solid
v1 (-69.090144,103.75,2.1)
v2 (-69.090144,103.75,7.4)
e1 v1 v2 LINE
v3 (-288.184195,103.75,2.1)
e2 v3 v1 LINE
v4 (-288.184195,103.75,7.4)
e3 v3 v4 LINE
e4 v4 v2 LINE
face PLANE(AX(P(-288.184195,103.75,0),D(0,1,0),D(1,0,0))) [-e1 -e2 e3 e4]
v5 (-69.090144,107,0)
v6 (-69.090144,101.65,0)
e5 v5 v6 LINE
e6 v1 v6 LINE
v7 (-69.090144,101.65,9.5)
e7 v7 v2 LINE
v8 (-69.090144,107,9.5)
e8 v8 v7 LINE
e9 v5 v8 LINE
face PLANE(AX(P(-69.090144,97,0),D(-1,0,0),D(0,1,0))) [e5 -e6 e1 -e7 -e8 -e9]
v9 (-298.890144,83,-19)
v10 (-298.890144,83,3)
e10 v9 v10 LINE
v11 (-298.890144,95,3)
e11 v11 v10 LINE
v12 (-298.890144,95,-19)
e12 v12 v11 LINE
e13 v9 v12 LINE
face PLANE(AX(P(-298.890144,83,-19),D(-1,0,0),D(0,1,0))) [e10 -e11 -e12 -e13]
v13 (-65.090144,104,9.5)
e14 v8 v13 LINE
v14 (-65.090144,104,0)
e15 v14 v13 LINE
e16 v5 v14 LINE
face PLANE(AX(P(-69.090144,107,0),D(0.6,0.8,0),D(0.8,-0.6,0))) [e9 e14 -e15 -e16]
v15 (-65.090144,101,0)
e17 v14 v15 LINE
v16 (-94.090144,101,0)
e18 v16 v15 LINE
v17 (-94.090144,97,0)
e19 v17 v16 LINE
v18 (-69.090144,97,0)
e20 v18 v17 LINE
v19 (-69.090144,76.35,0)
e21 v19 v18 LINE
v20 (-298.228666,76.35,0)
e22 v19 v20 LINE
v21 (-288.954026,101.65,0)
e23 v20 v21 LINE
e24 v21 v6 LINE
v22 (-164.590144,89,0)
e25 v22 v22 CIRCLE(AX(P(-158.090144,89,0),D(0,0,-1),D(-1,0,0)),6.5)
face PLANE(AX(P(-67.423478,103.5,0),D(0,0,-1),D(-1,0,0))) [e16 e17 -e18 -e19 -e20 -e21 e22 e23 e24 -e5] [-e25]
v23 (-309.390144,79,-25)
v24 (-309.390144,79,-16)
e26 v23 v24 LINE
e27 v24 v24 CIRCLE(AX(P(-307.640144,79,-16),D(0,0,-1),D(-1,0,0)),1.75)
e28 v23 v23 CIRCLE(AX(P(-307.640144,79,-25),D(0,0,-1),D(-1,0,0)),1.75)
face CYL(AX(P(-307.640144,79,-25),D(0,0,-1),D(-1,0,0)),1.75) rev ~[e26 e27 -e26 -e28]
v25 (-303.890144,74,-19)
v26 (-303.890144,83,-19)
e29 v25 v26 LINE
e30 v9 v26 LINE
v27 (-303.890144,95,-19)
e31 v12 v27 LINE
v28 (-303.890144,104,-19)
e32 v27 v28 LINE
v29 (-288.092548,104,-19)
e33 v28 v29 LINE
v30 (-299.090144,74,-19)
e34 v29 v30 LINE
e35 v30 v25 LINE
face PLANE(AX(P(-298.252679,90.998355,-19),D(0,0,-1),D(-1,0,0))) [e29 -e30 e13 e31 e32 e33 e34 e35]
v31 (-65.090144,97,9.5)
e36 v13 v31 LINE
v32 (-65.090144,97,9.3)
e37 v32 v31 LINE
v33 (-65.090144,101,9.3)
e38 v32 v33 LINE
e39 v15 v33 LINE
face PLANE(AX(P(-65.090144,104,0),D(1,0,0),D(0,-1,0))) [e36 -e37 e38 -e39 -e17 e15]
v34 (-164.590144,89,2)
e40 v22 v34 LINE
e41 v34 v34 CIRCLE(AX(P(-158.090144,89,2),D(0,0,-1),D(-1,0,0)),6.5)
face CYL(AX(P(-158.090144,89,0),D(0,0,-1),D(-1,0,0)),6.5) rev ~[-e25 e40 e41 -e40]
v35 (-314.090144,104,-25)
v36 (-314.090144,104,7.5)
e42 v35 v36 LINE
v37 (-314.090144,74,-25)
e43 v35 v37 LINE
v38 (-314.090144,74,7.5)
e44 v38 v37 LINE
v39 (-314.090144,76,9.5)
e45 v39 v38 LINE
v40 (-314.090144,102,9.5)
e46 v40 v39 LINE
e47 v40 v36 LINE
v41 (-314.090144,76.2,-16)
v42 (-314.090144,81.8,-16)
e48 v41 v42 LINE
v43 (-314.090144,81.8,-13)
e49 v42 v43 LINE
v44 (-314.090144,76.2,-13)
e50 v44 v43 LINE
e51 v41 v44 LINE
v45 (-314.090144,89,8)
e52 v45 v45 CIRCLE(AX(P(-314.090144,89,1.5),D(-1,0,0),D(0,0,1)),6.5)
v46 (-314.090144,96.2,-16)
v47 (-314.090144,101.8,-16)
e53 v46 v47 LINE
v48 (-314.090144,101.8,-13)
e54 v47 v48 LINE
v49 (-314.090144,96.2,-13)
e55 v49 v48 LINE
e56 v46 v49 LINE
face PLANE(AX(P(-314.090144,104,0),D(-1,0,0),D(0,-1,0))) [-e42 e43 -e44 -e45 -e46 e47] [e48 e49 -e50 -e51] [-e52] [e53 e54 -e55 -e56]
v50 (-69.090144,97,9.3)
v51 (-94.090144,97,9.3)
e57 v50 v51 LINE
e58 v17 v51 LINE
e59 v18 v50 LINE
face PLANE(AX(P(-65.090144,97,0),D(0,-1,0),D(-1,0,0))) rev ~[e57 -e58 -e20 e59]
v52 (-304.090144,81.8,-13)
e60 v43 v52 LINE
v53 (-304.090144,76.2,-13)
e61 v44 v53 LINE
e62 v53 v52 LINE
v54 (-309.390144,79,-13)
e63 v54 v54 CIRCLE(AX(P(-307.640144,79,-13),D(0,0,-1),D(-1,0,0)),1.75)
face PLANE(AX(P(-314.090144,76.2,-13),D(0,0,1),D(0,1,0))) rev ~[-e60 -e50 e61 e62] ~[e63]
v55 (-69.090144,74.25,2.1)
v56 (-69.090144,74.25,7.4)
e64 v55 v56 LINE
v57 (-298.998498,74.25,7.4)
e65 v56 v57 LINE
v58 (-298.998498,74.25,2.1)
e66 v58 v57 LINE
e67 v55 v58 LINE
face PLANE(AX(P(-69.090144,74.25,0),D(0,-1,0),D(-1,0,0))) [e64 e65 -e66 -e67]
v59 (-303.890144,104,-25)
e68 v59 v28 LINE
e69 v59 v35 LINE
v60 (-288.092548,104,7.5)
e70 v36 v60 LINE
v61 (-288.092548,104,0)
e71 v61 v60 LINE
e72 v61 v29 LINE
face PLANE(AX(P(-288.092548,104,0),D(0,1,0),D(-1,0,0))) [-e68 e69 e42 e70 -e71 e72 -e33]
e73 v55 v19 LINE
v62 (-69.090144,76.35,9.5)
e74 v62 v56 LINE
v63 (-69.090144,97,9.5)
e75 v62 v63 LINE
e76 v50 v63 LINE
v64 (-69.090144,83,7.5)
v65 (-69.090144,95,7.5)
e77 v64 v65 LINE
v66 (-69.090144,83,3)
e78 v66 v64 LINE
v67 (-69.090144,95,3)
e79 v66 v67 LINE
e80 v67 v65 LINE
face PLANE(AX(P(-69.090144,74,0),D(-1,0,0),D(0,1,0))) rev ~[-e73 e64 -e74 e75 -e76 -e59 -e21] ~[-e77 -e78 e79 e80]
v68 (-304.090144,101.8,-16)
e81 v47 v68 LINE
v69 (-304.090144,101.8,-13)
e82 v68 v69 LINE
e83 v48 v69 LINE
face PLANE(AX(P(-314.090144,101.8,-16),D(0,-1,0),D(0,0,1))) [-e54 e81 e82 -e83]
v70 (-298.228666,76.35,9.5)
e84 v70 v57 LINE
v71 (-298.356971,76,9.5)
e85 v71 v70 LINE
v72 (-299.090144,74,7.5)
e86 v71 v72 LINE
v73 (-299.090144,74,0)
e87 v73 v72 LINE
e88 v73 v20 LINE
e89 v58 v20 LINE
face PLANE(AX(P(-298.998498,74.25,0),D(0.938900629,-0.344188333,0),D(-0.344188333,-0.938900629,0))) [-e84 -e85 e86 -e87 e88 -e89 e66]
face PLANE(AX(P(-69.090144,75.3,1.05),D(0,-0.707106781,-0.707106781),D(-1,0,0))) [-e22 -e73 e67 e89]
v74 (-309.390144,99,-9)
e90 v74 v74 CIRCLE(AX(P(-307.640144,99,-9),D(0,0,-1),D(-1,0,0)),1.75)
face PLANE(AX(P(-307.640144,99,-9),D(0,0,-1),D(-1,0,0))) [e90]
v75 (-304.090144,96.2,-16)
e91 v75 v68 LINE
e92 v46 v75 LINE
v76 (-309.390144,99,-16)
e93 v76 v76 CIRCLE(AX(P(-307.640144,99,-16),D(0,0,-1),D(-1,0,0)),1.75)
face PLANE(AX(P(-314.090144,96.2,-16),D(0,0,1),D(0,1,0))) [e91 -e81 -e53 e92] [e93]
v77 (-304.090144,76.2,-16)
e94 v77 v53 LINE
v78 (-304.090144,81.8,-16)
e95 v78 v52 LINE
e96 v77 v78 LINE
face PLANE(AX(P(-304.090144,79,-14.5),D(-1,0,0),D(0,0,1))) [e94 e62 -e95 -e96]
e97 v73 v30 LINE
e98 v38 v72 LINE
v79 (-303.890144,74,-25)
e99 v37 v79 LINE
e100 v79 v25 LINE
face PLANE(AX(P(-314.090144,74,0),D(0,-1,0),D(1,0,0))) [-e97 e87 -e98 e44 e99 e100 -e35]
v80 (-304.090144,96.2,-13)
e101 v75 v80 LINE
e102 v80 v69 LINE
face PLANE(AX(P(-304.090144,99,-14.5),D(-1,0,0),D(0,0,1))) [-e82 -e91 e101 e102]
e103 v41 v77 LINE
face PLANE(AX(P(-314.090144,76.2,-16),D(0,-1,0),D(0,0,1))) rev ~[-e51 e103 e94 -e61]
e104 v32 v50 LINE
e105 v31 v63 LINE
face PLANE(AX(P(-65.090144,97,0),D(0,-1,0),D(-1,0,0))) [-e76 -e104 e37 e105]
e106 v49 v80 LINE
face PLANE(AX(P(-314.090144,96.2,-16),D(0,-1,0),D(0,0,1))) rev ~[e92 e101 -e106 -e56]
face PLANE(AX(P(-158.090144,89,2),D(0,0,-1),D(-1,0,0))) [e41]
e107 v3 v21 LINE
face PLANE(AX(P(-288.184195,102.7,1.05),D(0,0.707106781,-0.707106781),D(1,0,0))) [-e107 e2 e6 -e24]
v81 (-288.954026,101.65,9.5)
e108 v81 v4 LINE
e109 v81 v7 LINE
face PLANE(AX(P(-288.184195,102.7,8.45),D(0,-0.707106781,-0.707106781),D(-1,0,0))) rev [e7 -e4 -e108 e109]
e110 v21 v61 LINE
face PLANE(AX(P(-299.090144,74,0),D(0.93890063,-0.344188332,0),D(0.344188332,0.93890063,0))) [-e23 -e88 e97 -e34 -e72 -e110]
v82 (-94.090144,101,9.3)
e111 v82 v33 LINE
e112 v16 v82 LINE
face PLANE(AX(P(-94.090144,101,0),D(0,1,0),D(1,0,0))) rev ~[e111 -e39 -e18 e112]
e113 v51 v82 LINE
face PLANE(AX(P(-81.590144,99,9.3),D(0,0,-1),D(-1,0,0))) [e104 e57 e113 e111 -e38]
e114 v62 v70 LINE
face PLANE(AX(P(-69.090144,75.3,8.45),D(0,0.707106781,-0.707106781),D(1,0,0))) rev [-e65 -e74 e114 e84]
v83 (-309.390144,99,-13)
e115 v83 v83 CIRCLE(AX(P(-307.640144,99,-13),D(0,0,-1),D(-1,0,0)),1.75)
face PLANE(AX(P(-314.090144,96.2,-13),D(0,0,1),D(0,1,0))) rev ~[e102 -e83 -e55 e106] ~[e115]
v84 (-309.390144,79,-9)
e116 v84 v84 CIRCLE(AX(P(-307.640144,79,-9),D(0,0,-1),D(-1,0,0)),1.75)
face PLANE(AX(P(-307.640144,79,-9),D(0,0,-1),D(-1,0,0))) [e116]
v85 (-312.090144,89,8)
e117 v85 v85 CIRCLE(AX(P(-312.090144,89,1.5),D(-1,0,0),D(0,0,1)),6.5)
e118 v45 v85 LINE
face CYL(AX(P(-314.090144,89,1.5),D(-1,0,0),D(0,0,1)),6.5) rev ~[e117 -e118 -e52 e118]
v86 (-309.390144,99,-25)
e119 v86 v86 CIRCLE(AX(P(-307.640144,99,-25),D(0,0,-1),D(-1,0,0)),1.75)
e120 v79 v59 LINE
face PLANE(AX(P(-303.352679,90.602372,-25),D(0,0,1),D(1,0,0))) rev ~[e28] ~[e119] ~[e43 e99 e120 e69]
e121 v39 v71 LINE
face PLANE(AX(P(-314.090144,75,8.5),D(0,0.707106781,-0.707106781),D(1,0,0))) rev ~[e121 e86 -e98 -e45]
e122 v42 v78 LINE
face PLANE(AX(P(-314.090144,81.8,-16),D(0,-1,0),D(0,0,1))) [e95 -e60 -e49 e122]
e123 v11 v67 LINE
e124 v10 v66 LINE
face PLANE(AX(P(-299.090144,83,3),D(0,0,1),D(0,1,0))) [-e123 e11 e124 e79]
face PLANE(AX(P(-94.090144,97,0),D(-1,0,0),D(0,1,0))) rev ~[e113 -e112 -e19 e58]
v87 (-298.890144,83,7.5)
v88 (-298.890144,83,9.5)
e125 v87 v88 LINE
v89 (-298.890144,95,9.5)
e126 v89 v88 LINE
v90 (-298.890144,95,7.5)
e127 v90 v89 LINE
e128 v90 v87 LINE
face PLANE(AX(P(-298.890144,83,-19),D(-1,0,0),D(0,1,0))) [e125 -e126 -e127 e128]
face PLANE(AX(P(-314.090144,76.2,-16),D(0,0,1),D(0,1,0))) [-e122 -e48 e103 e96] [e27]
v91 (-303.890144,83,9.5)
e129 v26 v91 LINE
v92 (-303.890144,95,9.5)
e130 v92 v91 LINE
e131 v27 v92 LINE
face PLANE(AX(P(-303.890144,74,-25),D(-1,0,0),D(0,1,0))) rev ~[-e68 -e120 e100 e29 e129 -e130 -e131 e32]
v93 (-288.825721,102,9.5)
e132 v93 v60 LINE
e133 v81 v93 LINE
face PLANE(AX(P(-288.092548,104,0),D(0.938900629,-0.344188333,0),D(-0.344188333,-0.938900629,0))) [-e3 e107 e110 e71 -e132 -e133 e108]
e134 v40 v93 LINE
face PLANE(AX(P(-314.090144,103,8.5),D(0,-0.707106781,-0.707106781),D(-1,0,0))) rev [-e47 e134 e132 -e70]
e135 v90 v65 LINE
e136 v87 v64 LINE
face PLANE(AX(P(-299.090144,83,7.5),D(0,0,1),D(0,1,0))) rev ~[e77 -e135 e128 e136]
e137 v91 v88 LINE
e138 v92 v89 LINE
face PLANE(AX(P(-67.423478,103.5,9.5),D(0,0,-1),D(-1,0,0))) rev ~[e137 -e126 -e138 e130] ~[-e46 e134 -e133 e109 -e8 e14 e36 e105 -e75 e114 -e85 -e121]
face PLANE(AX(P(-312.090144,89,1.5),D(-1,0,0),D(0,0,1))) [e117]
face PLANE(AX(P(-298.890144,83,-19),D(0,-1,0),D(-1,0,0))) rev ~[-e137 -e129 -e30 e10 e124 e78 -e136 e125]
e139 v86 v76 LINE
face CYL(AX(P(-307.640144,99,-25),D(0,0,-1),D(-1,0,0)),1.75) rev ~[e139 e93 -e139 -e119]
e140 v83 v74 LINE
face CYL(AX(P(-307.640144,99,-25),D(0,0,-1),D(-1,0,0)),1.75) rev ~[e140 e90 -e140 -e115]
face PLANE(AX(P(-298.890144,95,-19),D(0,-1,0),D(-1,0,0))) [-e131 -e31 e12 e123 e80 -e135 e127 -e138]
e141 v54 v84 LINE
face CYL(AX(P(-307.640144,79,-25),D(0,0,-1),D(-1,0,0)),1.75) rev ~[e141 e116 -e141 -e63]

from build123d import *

# Parameters (mm, degrees)
SKETCH6_W                = 230
SKETCH6_H                = 30
BOSS_EXTRUDE1_DEPTH      = 9.5
BOSS_EXTRUDE2_DEPTH      = 9.5
BOSS_EXTRUDE2_DEPTH_BACK = 25
SKETCH12_R               = 6.5
CUT_EXTRUDE2_DEPTH       = 2
SKETCH15_R               = 6.5
CUT_EXTRUDE3_DEPTH       = 2
CUT_EXTRUDE4_DEPTH       = 6
SKETCH9_W                = 4.5
SKETCH9_H                = 12
CUT_EXTRUDE5_DEPTH       = 231
SKETCH17_W               = 5
SKETCH17_H               = 12
CUT_EXTRUDE6_DEPTH       = 29.5
SKETCH13_R               = 1.75
CUT_EXTRUDE8_DEPTH       = 16
SKETCH19_W               = 3
SKETCH19_H               = 5.6
CUT_EXTRUDE9_DEPTH       = 10
SKETCH20_W               = 4
SKETCH20_H               = 4
BOSS_EXTRUDE3_DEPTH      = 9.5
SKETCH20_3_W             = 25
SKETCH20_3_H             = 4
SKETCH20_3_W_2           = 4
CUT_EXTRUDE10_DEPTH      = 9.3
CUT_EXTRUDE11_DEPTH      = 10.5
CHAMFER2_SIZE            = 2.1
CHAMFER3_SIZE            = 2


with BuildPart() as part:
    # Sketch6 → Boss-Extrude1 (new body)
    with BuildSketch(Plane.XY):
        with Locations((-184.090144231, 89)):
            Rectangle(SKETCH6_W, SKETCH6_H)
    extrude(amount=BOSS_EXTRUDE1_DEPTH)

    # Sketch11 → Boss-Extrude2 (add, two sides)
    with BuildSketch(Plane.XY) as boss_extrude2_sk:
        Polygon((-299.090144231, 74), (-288.092548077, 104), (-314.090144231, 104), (-314.090144231, 74), align=None)
    extrude(amount=BOSS_EXTRUDE2_DEPTH)
    extrude(boss_extrude2_sk.sketch, amount=-BOSS_EXTRUDE2_DEPTH_BACK)

    # Sketch12 → Cut-Extrude2 (cut)
    with BuildSketch(Plane.ZY.offset(314.090144231)):
        with Locations((1.5, 89)):
            Circle(SKETCH12_R)
    extrude(amount=-CUT_EXTRUDE2_DEPTH, mode=Mode.SUBTRACT)

    # Sketch15 → Cut-Extrude3 (cut)
    with BuildSketch(Plane(origin=(0, 0, 0), x_dir=(-1, 0, 0), z_dir=(0, 0, -1))):
        with Locations((158.090144231, 89)):
            Circle(SKETCH15_R)
    extrude(amount=-CUT_EXTRUDE3_DEPTH, mode=Mode.SUBTRACT)

    # Sketch16 → Cut-Extrude4 (cut)
    with BuildSketch(Plane(origin=(0, 0, -25), x_dir=(-1, 0, 0), z_dir=(0, 0, -1))):
        Polygon((303.890144231, 74), (303.890144231, 104), (288.092548077, 104), (299.090144231, 74), align=None)
    extrude(amount=-CUT_EXTRUDE4_DEPTH, mode=Mode.SUBTRACT)

    # Sketch9 → Cut-Extrude5 (cut, through all)
    with BuildSketch(Plane.ZY.offset(299.090144231)):
        with Locations((5.25, 89)):
            Rectangle(SKETCH9_W, SKETCH9_H)
    extrude(amount=-CUT_EXTRUDE5_DEPTH, mode=Mode.SUBTRACT)

    # Sketch17 → Cut-Extrude6 (cut, through all)
    with BuildSketch(Plane(origin=(0, 0, -19), x_dir=(-1, 0, 0), z_dir=(0, 0, -1))):
        with Locations((301.390144231, 89)):
            Rectangle(SKETCH17_W, SKETCH17_H)
    extrude(amount=-CUT_EXTRUDE6_DEPTH, mode=Mode.SUBTRACT)

    # Sketch13 → Cut-Extrude8 (cut)
    with BuildSketch(Plane(origin=(0, 0, -25), x_dir=(-1, 0, 0), z_dir=(0, 0, -1))):
        with Locations((307.640144231, 79)):
            Circle(SKETCH13_R)
        with Locations((307.640144231, 99)):
            Circle(SKETCH13_R)
    extrude(amount=-CUT_EXTRUDE8_DEPTH, mode=Mode.SUBTRACT)

    # Sketch19 → Cut-Extrude9 (cut)
    with BuildSketch(Plane.ZY.offset(314.090144231)):
        with Locations((-14.5, 79)):
            Rectangle(SKETCH19_W, SKETCH19_H)
        with Locations((-14.5, 99)):
            Rectangle(SKETCH19_W, SKETCH19_H)
    extrude(amount=-CUT_EXTRUDE9_DEPTH, mode=Mode.SUBTRACT)

    # Sketch20 → Boss-Extrude3 (add)
    with BuildSketch(Plane(origin=(0, 0, 0), x_dir=(-1, 0, 0), z_dir=(0, 0, -1))):
        Polygon((69.090144231, 101), (69.090144231, 104), (69.090144231, 107), (65.090144231, 104), (65.090144231, 101), align=None)
        with Locations((67.090144231, 99)):
            Rectangle(SKETCH20_W, SKETCH20_H)
    extrude(amount=-BOSS_EXTRUDE3_DEPTH)

    # Sketch20<3> → Cut-Extrude10 (cut)
    with BuildSketch(Plane(origin=(0, 0, 0), x_dir=(-1, 0, 0), z_dir=(0, 0, -1))):
        with Locations((81.590144231, 99)):
            Rectangle(SKETCH20_3_W, SKETCH20_3_H)
        with Locations((67.090144231, 99)):
            Rectangle(SKETCH20_3_W_2, SKETCH20_3_H)
    extrude(amount=-CUT_EXTRUDE10_DEPTH, mode=Mode.SUBTRACT)

    # Sketch21 → Cut-Extrude11 (cut, through all)
    with BuildSketch(Plane(origin=(0, 0, 0), x_dir=(-1, 0, 0), z_dir=(0, 0, -1))):
        Polygon((288.092548077, 104), (288.184194712, 103.75), (69.090144231, 103.75), (69.090144231, 104), align=None)
        Polygon((299.090144231, 74), (69.090144231, 74), (69.090144231, 74.25), (298.998497596, 74.25), align=None)
    extrude(amount=-CUT_EXTRUDE11_DEPTH, mode=Mode.SUBTRACT)

    # Chamfer2
    chamfer2_edges = [part.edges().sort_by_distance(p)[0] for p in [
        (-178.637169471, 103.75, 9.5),
        (-178.637169471, 103.75, 0),
        (-184.044320913, 74.25, 9.5),
        (-184.044320913, 74.25, 0),
    ]]
    chamfer(chamfer2_edges, length=CHAMFER2_SIZE)

    # Chamfer3
    chamfer3_edges = [part.edges().sort_by_distance(p)[0] for p in [
        (-301.091346154, 104, 9.5),
        (-306.590144231, 74, 9.5),
    ]]
    chamfer(chamfer3_edges, length=CHAMFER3_SIZE)


solid = part.part
